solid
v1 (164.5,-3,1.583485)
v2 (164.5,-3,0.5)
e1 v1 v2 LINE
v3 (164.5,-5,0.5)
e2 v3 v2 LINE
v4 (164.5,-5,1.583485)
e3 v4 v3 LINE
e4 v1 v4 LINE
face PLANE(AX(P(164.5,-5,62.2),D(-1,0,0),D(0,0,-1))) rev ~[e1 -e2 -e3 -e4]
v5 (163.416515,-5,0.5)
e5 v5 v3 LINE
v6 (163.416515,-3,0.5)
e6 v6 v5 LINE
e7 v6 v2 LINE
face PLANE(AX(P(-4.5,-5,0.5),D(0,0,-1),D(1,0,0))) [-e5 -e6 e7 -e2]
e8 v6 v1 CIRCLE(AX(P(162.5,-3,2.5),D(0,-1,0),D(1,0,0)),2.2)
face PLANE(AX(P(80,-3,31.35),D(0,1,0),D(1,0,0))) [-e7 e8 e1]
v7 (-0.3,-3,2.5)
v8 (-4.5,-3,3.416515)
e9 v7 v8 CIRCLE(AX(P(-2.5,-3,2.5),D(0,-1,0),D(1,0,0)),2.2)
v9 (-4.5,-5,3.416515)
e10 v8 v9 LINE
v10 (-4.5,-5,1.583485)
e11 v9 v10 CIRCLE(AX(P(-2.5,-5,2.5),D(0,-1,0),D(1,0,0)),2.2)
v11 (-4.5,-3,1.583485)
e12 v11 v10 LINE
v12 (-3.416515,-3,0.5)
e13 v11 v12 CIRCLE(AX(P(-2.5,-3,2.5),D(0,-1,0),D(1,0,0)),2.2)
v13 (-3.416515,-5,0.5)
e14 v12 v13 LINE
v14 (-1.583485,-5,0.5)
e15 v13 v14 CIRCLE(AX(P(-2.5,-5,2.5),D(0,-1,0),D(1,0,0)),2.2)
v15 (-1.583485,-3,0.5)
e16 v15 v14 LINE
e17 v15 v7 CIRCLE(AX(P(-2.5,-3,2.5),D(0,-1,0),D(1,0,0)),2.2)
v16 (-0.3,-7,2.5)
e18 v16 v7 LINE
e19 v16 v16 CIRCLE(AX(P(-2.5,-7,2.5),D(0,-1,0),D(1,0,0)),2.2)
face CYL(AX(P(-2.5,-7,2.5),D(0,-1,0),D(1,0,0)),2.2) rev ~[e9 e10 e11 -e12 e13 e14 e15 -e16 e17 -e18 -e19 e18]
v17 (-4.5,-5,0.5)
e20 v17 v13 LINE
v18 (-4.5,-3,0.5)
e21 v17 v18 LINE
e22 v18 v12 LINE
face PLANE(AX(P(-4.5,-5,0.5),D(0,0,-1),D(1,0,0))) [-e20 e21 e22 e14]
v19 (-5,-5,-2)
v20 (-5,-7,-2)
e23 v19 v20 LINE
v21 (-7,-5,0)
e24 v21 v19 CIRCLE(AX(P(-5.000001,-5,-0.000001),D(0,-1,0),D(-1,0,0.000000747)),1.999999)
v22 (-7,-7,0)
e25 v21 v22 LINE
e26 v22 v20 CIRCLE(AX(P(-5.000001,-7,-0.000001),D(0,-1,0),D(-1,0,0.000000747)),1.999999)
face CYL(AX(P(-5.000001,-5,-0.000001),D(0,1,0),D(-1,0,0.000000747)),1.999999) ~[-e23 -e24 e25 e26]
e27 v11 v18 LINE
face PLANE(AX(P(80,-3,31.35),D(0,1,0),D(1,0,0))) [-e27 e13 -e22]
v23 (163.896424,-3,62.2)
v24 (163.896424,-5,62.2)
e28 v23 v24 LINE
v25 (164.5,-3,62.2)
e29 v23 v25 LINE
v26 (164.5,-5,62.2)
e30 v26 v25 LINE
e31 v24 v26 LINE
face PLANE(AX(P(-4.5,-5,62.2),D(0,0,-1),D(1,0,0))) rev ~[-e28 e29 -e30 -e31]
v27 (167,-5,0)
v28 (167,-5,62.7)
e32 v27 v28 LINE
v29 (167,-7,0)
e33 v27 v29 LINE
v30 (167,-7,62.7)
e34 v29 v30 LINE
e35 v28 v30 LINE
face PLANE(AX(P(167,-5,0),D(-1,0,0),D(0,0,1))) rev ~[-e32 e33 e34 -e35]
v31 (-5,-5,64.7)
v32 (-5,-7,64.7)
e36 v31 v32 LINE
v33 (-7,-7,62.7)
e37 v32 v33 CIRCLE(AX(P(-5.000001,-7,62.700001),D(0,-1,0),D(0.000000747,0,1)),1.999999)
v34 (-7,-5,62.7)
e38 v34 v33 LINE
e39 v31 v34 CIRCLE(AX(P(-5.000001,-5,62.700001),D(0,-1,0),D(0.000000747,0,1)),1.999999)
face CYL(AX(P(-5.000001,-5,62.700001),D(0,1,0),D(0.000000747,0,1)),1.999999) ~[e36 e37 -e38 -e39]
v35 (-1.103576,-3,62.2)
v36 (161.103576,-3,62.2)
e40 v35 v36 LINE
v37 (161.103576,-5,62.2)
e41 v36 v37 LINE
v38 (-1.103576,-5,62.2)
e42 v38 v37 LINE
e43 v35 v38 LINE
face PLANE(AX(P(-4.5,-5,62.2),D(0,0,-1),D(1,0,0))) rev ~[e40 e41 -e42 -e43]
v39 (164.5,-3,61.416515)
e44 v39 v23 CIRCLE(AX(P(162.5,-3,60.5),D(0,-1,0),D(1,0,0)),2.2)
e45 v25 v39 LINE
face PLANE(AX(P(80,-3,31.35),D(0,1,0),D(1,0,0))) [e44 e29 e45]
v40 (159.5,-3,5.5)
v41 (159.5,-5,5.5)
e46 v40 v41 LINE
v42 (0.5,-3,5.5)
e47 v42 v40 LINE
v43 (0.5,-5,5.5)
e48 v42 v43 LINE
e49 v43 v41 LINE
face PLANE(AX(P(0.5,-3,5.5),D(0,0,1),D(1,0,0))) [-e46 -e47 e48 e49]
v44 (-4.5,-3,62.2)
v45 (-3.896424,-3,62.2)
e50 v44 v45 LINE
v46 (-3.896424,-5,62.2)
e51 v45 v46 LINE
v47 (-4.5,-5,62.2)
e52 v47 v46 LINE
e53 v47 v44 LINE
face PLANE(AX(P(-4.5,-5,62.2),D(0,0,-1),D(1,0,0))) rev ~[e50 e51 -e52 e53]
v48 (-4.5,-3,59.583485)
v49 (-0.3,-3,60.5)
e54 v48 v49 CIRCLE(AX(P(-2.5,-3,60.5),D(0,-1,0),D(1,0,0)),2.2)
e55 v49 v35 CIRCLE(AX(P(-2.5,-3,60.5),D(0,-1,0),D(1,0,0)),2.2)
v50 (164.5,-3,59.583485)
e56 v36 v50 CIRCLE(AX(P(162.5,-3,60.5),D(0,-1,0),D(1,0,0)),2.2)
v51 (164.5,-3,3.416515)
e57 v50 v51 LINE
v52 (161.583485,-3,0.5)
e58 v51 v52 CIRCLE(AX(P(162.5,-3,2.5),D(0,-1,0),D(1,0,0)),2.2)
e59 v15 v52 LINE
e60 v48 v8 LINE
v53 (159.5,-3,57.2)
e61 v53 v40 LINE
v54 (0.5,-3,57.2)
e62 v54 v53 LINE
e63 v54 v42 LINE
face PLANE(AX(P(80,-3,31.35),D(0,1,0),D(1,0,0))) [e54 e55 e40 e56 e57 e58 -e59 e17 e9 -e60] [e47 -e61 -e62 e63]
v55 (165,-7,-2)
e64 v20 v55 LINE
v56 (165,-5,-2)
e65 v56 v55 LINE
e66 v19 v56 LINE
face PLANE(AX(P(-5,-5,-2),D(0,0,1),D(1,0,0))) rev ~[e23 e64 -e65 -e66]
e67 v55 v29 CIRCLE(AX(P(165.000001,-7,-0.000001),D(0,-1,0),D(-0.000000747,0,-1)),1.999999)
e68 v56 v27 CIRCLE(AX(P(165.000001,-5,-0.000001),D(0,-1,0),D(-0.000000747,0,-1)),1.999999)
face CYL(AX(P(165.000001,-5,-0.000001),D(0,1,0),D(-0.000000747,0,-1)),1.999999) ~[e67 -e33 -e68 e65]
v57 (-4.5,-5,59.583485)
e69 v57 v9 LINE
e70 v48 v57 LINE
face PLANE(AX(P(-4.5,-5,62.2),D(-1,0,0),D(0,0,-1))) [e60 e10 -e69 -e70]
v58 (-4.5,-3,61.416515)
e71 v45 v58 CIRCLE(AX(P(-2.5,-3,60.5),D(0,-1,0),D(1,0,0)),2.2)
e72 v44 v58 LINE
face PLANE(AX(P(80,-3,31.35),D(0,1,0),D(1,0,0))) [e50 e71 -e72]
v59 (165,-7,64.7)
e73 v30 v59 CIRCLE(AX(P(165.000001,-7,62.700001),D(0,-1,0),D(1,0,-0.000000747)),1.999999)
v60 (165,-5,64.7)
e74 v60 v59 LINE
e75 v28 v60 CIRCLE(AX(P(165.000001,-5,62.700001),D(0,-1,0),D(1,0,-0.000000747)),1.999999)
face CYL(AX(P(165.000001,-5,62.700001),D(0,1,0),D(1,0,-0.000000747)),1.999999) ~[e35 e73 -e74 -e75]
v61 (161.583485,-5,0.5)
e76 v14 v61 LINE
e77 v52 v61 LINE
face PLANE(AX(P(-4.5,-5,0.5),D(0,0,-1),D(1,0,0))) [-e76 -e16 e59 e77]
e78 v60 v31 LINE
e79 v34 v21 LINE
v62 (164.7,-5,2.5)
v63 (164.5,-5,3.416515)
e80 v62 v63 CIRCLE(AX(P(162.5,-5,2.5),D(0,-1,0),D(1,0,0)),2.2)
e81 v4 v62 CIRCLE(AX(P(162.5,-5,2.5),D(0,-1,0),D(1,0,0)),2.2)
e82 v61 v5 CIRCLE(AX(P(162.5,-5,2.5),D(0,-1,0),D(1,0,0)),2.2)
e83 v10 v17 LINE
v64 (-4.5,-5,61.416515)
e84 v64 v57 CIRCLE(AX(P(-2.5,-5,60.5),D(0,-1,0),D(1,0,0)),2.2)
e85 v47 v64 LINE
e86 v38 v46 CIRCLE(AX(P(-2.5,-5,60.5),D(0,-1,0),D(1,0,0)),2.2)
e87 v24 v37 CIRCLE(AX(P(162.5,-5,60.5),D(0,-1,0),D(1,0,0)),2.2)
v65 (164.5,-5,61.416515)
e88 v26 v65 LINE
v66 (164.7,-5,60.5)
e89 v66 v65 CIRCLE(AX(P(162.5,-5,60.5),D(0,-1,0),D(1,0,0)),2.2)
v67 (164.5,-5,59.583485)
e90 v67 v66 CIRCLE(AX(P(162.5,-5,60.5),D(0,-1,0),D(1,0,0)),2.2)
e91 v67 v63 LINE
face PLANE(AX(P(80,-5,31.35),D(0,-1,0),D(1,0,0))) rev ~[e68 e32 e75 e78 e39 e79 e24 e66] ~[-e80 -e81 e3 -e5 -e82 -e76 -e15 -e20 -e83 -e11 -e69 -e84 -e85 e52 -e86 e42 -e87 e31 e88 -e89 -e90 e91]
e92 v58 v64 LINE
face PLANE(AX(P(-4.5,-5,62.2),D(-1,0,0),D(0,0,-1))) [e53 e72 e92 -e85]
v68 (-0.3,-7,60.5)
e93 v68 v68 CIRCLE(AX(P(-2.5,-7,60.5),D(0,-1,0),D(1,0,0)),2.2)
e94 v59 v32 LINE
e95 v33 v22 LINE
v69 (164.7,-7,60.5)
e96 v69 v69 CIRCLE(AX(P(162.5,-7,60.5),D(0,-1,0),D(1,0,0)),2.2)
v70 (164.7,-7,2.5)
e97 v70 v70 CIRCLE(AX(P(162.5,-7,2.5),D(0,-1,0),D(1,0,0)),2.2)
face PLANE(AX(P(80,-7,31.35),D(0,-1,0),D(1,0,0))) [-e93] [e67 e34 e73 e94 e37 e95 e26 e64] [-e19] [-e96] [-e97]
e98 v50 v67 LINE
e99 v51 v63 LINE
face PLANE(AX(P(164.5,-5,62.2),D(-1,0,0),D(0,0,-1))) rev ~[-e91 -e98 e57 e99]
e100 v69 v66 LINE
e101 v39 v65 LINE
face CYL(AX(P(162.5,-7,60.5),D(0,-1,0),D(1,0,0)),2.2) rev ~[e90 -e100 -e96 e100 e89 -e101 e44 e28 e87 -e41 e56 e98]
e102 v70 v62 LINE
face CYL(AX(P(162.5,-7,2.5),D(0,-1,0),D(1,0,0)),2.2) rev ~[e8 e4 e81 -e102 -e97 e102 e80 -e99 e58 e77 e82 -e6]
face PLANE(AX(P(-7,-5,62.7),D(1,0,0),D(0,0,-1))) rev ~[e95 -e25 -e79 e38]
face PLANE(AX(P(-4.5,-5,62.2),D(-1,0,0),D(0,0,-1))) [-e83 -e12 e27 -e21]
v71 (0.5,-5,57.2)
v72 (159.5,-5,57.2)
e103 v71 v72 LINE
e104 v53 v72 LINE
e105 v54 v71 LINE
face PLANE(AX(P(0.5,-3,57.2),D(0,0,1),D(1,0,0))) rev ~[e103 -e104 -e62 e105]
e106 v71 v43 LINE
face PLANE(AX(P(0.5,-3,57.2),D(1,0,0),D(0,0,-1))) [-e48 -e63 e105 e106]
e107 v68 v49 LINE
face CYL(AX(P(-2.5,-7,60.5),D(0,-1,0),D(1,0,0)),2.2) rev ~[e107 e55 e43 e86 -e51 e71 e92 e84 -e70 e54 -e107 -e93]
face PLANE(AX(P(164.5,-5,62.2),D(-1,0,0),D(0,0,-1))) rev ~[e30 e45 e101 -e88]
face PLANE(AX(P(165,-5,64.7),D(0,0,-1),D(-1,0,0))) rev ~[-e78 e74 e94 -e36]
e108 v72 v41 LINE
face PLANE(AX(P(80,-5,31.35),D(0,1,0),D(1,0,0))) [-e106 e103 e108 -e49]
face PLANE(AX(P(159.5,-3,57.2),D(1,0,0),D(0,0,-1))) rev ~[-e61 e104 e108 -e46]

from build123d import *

# Parameters (mm, degrees)
PAD004_DEPTH    = 2
SKETCH008_W     = 169
SKETCH008_H     = 61.7
PAD005_DEPTH    = 2
SKETCH009_R     = 2.2
POCKET002_DEPTH = 4.001
SKETCH012_W     = 159
SKETCH012_H     = 51.7
POCKET005_DEPTH = 2


with BuildPart() as part:
    # Sketch007 → Pad004 (new body)
    with BuildSketch(Plane.XZ):
        with BuildLine():
            Line((-2, 62.7), (-2, 0))
            ThreePointArc((-2, 0), (-1.414214, -1.414214), (0, -2))
            Line((0, -2), (170, -2))
            ThreePointArc((170, -2), (171.414214, -1.414214), (172, 0))
            Line((172, 0), (172, 62.7))
            ThreePointArc((172, 62.7), (171.414214, 64.114214), (170, 64.7))
            Line((170, 64.7), (0, 64.7))
            ThreePointArc((0, 64.7), (-1.414214, 64.114214), (-2, 62.7))
        make_face()
    extrude(amount=PAD004_DEPTH)

    # Sketch008 (on Face9 of Pad004) → Pad005 (join)
    with BuildSketch(Plane(origin=(0, 0, 0), x_dir=(1, 0, 0), z_dir=(0, 1, 0))):
        with Locations((85, -31.35)):
            Rectangle(SKETCH008_W, SKETCH008_H)
    extrude(amount=PAD005_DEPTH)

    # Sketch009 (on Face5 of Pad005) → Pocket002 (cut, through all)
    with BuildSketch(Plane.XZ.offset(2)):
        with Locations((2.5, 2.5)):
            Circle(SKETCH009_R)
        with Locations((2.5, 60.5)):
            Circle(SKETCH009_R)
        with Locations((167.5, 60.5)):
            Circle(SKETCH009_R)
        with Locations((167.5, 2.5)):
            Circle(SKETCH009_R)
    extrude(amount=-POCKET002_DEPTH, mode=Mode.SUBTRACT)

    # Sketch012 (on Face28 of Pocket002) → Pocket005 (cut)
    with BuildSketch(Plane(origin=(0, 2, 0), x_dir=(1, 0, 0), z_dir=(0, 1, 0))):
        with Locations((85, -31.35)):
            Rectangle(SKETCH012_W, SKETCH012_H)
    extrude(amount=-POCKET005_DEPTH, mode=Mode.SUBTRACT)


with BuildPart() as part_1:
    # Body003 placement: moved
    add(part.part.moved(Location((-5, -5, 0))))


solid = part_1.part
